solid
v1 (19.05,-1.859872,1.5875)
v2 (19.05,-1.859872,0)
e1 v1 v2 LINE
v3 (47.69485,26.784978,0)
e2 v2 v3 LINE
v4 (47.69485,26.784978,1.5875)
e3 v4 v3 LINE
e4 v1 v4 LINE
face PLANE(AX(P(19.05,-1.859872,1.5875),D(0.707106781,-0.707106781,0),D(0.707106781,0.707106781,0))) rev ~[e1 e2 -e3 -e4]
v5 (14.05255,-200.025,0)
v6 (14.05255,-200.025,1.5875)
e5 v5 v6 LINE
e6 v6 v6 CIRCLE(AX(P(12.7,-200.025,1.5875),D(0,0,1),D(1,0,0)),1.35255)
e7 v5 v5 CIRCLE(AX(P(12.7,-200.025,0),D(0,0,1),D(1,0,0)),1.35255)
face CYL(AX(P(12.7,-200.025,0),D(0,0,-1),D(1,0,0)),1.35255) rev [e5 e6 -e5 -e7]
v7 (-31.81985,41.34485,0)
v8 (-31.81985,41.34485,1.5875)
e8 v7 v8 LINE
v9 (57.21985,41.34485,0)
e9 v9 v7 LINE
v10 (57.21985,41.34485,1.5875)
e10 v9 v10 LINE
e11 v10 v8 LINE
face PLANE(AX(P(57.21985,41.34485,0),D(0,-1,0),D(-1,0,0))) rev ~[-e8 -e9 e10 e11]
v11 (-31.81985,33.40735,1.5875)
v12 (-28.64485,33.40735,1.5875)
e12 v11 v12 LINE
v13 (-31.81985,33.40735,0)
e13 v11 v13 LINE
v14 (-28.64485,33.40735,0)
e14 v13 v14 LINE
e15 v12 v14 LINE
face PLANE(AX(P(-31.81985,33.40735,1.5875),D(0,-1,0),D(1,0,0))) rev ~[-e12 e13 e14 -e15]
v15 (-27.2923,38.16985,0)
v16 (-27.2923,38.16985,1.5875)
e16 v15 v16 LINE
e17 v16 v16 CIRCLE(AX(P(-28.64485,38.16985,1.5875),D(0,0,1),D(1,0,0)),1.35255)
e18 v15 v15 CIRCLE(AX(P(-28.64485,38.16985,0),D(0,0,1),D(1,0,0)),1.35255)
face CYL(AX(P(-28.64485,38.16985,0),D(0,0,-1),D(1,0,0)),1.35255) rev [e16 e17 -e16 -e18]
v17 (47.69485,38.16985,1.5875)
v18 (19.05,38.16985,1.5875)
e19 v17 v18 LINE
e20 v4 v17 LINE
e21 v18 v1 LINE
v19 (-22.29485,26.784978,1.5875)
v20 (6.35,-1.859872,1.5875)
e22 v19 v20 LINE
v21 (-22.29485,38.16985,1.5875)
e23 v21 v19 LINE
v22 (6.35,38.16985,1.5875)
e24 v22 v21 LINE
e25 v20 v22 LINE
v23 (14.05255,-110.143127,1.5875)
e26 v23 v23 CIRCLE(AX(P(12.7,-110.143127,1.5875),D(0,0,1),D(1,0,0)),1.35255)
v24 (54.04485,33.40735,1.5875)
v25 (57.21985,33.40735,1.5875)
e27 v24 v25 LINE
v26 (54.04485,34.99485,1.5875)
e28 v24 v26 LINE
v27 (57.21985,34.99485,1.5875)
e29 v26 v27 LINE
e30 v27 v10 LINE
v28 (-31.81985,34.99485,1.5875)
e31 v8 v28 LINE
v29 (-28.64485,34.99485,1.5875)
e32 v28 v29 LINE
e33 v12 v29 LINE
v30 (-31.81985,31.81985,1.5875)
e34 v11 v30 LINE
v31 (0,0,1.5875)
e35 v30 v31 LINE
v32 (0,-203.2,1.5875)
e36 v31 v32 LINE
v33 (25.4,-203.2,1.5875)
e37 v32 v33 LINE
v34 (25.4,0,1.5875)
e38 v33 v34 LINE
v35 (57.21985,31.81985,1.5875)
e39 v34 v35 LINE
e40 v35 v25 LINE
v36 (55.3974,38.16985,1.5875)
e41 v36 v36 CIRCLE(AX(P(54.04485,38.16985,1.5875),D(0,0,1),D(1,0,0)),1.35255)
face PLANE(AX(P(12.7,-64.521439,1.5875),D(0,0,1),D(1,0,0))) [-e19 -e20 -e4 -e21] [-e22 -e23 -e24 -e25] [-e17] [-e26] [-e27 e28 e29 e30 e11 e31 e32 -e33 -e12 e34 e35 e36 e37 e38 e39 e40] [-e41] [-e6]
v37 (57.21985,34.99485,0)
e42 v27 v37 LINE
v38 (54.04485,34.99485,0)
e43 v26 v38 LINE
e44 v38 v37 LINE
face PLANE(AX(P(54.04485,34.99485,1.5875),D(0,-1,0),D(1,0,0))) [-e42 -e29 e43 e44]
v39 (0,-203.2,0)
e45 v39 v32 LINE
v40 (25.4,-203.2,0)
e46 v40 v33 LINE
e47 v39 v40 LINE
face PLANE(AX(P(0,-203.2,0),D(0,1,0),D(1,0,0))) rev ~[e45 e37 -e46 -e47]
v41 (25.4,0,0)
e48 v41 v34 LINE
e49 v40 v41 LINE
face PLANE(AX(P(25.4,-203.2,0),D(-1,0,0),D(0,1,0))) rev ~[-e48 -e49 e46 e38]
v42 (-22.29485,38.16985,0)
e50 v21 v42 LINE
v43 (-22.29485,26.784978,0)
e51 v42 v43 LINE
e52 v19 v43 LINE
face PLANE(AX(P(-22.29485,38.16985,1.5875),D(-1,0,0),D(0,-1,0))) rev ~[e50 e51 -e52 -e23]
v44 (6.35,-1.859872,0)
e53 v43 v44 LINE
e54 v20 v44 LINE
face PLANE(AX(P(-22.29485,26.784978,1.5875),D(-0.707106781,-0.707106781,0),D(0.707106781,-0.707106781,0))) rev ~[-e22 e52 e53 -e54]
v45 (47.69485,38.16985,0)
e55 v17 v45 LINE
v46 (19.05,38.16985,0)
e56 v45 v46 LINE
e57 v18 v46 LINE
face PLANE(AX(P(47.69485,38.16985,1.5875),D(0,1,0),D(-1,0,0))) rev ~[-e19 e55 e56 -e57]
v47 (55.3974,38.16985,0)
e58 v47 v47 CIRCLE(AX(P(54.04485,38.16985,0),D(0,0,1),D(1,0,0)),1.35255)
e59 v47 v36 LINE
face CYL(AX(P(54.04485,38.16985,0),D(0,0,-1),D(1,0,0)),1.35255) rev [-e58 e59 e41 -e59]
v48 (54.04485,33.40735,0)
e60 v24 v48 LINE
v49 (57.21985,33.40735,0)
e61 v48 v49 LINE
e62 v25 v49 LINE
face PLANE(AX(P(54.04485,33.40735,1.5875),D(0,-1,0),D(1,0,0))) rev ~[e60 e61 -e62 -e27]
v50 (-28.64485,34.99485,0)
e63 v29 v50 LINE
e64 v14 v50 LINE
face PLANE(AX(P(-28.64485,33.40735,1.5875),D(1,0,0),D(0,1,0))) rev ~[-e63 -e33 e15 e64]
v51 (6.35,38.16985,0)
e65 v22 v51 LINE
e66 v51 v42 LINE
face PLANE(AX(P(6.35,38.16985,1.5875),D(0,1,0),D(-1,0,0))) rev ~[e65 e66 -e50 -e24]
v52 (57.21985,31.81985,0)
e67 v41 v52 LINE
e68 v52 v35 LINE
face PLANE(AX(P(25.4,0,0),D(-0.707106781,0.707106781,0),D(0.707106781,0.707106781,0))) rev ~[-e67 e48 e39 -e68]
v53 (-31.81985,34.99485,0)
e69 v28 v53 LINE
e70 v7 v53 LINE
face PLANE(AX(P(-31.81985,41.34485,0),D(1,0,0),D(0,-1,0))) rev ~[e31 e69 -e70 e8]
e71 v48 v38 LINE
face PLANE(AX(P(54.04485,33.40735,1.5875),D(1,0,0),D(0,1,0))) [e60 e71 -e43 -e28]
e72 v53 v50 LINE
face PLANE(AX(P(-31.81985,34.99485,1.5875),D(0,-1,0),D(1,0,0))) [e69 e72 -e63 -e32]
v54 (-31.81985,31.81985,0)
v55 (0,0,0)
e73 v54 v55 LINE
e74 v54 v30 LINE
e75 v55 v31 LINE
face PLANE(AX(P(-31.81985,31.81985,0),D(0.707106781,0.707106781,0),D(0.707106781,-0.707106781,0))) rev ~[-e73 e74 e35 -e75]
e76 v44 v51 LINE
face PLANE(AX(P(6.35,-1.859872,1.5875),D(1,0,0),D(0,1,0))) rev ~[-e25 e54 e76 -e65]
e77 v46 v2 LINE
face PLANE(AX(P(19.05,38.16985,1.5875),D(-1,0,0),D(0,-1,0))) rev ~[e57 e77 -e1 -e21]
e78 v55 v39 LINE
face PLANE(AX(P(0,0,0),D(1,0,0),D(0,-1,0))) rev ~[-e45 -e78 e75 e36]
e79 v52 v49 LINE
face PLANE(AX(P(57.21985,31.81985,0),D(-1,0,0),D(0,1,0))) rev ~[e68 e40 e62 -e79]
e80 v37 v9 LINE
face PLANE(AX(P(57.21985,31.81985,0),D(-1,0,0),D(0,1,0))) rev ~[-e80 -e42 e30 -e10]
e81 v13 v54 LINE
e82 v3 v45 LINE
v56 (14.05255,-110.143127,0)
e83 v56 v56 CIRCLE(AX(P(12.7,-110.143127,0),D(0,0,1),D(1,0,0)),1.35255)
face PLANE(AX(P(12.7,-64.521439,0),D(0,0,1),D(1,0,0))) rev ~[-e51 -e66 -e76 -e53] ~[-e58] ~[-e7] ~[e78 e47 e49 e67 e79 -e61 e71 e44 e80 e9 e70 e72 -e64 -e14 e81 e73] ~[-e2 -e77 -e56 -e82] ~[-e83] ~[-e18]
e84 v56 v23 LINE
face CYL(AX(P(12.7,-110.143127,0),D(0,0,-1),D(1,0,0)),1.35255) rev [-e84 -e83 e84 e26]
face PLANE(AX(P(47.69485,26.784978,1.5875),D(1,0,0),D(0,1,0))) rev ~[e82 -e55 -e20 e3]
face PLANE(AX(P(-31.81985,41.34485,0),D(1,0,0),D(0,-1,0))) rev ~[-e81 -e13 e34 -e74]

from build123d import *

# Parameters (mm, degrees)
F0_R     = 1.35255
F1_DEPTH = 1.5875
F2_W     = 3.175
F2_H     = 1.5875
F3_DEPTH = 1.5875


with BuildPart() as f1:
    # F0 (on Top) → F1 (new body)
    with BuildSketch(Plane.XY):
        Polygon((0, 0), (0, -203.2), (25.4, -203.2), (25.4, 0), (57.21985, 31.81985), (57.21985, 41.34485), (-31.81985, 41.34485), (-31.81985, 31.81985), align=None)
        with Locations((12.7, -200.025)):
            Circle(F0_R, mode=Mode.SUBTRACT)
        with Locations((12.7, -110.143127)):
            Circle(F0_R, mode=Mode.SUBTRACT)
        with Locations((-28.64485, 38.16985)):
            Circle(F0_R, mode=Mode.SUBTRACT)
        with Locations((54.04485, 38.16985)):
            Circle(F0_R, mode=Mode.SUBTRACT)
    extrude(amount=F1_DEPTH)

    # F2 (on face) → F3 (cut, through all)
    with BuildSketch(Plane.XY.offset(1.5875)):
        with Locations((-30.23235, 34.2011)):
            Rectangle(F2_W, F2_H)
        with Locations((55.63235, 34.2011)):
            Rectangle(F2_W, F2_H)
        Polygon((-22.29485, 38.16985), (-22.29485, 26.784978), (6.35, -1.859872), (6.35, 38.16985), align=None)
        Polygon((47.69485, 38.16985), (19.05, 38.16985), (19.05, -1.859872), (47.69485, 26.784978), align=None)
    extrude(amount=-F3_DEPTH, mode=Mode.SUBTRACT)


solid = f1.part
